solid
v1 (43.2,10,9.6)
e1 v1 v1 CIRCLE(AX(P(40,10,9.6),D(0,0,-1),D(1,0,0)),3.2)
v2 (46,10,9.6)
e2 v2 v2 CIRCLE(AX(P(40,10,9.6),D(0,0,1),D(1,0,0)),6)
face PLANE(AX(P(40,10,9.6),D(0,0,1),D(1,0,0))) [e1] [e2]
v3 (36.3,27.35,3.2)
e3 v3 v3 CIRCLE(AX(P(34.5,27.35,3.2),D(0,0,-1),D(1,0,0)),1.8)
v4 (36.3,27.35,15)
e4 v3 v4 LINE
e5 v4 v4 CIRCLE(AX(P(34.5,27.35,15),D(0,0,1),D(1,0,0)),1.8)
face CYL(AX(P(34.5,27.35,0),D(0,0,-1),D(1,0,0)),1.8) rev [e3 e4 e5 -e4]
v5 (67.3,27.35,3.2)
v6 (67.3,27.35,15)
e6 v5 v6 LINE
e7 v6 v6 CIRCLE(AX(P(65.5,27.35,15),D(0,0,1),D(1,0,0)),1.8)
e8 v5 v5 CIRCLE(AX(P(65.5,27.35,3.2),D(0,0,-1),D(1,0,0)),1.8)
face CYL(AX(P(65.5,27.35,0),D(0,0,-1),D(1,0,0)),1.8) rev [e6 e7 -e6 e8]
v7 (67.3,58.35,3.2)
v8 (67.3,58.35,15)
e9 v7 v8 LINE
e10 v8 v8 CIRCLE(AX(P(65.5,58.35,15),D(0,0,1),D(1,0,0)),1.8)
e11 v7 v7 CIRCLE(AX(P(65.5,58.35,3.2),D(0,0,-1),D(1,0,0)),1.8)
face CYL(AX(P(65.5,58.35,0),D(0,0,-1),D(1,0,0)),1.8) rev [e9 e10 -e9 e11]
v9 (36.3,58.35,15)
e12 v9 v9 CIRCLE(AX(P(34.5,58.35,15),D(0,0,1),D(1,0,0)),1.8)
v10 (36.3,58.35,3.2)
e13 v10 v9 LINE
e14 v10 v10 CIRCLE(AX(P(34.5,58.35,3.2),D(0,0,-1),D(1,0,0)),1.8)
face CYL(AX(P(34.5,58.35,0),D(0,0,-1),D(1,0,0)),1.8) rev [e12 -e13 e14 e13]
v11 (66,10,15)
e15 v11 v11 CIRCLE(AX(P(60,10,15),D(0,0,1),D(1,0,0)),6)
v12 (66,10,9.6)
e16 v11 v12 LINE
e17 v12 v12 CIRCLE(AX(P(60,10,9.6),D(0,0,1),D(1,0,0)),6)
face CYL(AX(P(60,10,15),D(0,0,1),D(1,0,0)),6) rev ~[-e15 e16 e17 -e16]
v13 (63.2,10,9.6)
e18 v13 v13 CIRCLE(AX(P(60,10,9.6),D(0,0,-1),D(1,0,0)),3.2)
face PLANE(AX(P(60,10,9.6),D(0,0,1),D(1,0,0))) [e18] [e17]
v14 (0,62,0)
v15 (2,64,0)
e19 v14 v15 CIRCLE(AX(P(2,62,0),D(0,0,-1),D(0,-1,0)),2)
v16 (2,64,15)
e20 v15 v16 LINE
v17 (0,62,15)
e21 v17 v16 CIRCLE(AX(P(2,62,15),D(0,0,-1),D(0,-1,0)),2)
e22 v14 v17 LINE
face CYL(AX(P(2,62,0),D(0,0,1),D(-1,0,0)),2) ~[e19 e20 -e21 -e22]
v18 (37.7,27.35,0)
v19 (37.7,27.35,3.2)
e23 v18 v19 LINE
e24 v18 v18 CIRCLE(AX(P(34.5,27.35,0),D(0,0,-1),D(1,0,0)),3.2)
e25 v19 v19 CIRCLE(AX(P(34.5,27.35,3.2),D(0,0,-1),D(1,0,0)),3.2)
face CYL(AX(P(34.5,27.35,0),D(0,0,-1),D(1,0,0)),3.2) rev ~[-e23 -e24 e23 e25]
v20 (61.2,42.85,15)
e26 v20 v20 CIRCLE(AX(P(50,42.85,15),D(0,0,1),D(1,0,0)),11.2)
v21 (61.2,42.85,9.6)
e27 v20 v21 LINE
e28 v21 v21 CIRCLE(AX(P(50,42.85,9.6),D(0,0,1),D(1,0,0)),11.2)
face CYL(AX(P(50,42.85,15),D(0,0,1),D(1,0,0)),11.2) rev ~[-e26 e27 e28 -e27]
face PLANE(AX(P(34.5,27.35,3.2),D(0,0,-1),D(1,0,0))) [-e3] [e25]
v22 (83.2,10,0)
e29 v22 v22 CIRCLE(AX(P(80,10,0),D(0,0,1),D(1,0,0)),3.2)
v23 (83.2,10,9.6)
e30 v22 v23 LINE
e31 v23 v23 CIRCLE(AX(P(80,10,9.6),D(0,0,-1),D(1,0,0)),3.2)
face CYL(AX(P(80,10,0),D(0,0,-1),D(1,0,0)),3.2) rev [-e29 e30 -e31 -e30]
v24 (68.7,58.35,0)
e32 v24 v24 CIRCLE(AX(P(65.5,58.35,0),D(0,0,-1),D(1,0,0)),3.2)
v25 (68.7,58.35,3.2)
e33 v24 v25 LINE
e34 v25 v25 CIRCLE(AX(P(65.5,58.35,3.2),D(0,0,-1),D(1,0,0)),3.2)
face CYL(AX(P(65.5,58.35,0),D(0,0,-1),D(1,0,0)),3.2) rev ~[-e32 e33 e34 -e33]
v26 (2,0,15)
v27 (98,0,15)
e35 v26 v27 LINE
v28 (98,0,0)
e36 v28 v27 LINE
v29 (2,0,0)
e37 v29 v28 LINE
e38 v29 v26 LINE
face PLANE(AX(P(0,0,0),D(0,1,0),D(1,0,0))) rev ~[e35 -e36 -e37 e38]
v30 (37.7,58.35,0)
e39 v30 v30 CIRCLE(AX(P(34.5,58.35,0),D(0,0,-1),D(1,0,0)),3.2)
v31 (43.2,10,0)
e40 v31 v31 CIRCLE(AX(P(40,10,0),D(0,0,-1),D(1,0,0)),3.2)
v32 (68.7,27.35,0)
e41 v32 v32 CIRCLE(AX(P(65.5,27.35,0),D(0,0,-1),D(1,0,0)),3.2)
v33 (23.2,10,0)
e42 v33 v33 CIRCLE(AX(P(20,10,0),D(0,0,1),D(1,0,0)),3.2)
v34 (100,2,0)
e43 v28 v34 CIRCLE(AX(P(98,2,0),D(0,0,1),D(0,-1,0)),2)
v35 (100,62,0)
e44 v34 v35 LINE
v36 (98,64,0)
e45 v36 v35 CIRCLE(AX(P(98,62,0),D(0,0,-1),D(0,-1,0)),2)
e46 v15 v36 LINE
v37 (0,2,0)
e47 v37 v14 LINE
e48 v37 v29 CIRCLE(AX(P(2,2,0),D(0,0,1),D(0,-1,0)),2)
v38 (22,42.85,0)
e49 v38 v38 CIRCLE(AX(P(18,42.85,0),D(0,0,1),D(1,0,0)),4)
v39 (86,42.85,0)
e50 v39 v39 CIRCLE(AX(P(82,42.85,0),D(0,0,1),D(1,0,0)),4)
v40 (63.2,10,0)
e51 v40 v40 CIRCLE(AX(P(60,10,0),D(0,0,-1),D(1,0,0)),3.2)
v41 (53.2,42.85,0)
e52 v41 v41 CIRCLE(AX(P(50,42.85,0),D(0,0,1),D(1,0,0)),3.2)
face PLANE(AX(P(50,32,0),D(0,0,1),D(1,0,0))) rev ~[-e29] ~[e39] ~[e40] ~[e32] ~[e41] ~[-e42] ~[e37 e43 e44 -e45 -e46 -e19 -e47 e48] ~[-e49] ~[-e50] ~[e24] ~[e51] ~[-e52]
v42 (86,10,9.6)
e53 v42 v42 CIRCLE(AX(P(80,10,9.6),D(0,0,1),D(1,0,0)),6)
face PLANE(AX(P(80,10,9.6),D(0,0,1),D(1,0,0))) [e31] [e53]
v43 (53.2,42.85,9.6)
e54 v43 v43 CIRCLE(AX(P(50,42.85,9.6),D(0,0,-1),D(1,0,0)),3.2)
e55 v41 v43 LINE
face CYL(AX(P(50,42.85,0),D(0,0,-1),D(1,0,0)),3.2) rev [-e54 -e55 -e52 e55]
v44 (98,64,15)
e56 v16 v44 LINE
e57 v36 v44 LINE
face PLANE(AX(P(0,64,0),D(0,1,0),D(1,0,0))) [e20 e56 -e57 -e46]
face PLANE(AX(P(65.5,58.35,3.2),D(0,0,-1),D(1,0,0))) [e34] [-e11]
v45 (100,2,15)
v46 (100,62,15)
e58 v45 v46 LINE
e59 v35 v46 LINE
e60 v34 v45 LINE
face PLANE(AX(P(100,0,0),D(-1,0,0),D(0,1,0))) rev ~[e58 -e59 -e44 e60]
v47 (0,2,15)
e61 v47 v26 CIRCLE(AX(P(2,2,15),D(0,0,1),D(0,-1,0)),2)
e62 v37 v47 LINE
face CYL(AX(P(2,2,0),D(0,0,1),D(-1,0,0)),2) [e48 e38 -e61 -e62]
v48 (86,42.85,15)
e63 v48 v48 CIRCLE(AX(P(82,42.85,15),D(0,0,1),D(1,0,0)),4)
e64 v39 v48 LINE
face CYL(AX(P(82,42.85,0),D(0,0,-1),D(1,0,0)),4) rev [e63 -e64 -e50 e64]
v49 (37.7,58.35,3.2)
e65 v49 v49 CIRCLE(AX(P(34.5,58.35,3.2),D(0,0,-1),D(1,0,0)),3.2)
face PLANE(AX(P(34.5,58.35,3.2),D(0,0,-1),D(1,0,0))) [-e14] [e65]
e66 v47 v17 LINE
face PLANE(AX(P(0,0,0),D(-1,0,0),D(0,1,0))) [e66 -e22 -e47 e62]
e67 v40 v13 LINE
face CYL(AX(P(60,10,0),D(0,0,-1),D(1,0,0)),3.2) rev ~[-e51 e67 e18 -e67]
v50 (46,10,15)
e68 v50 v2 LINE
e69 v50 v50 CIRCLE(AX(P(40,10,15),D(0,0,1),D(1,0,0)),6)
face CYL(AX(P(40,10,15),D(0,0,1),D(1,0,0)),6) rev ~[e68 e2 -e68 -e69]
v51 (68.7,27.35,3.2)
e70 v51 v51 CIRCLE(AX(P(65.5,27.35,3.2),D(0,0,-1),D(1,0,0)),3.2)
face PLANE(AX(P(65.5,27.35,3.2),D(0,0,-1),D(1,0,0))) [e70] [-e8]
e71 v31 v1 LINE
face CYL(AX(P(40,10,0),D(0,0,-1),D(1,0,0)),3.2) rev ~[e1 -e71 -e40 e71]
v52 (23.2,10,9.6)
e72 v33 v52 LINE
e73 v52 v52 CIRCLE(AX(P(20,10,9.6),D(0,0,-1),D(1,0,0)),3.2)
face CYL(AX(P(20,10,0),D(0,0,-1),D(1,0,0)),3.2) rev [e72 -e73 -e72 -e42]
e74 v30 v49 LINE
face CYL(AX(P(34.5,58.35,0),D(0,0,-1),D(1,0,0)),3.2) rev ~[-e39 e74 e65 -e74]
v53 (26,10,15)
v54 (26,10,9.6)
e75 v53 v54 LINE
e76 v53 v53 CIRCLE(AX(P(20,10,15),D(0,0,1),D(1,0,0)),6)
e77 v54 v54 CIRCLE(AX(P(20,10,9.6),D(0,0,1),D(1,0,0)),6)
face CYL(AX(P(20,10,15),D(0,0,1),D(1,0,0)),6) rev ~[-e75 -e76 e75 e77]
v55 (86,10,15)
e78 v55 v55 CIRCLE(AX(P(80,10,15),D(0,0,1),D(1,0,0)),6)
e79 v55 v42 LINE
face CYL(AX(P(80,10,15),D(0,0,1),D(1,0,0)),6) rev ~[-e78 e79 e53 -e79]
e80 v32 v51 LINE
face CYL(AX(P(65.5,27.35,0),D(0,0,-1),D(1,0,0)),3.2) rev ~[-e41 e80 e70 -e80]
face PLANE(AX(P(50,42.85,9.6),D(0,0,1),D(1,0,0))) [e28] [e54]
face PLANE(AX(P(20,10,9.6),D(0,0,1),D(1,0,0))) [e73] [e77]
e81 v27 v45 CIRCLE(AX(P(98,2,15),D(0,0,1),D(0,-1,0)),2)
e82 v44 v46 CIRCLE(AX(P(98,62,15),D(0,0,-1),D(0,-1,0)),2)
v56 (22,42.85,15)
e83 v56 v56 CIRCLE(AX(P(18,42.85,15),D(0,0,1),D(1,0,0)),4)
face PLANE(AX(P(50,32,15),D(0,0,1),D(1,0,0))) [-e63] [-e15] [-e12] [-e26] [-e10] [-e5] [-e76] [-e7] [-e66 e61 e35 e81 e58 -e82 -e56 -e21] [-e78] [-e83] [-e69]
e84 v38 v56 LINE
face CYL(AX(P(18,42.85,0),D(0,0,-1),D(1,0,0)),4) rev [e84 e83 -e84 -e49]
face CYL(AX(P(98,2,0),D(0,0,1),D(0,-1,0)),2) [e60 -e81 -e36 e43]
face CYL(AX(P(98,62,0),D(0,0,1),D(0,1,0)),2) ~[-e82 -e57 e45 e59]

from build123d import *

# Parameters (mm, degrees)
SKETCH_W        = 100
SKETCH_H        = 64
SKETCH_R        = 3.2
SKETCH_R_2      = 1.8
SKETCH_R_3      = 4
PAD_DEPTH       = 15
SKETCH001_R     = 11.2
SKETCH001_R_2   = 6
POCKET_DEPTH    = 5.4
SKETCH002_R     = 3.2
POCKET001_DEPTH = 3.2
SKETCH003_R     = 6
POCKET002_DEPTH = 5.4
SKETCH004_R     = 3.2
POCKET003_DEPTH = 15
FILLET_R        = 2


with BuildPart() as part:
    # Sketch → Pad (new body)
    with BuildSketch(Plane.XY):
        with Locations((50, 32)):
            Rectangle(SKETCH_W, SKETCH_H)
        with Locations((50, 42.85)):
            Circle(SKETCH_R, mode=Mode.SUBTRACT)
        with Locations((65.5, 58.35)):
            Circle(SKETCH_R_2, mode=Mode.SUBTRACT)
        with Locations((65.5, 27.35)):
            Circle(SKETCH_R_2, mode=Mode.SUBTRACT)
        with Locations((34.5, 27.35)):
            Circle(SKETCH_R_2, mode=Mode.SUBTRACT)
        with Locations((34.5, 58.35)):
            Circle(SKETCH_R_2, mode=Mode.SUBTRACT)
        with Locations((20, 10)):
            Circle(SKETCH_R, mode=Mode.SUBTRACT)
        with Locations((80, 10)):
            Circle(SKETCH_R, mode=Mode.SUBTRACT)
        with Locations((82, 42.85)):
            Circle(SKETCH_R_3, mode=Mode.SUBTRACT)
        with Locations((18, 42.85)):
            Circle(SKETCH_R_3, mode=Mode.SUBTRACT)
    extrude(amount=PAD_DEPTH)

    # Sketch001 (on Face15 of Pad) → Pocket (cut)
    with BuildSketch(Plane.XY.offset(15)):
        with Locations((50, 42.85)):
            Circle(SKETCH001_R)
        with Locations((20, 10)):
            Circle(SKETCH001_R_2)
        with Locations((80, 10)):
            Circle(SKETCH001_R_2)
    extrude(amount=-POCKET_DEPTH, mode=Mode.SUBTRACT)

    # Sketch002 (on Face4 of Pocket) → Pocket001 (cut)
    with BuildSketch(Plane(origin=(0, 0, 0), x_dir=(1, 0, 0), z_dir=(0, 0, -1))):
        with Locations((34.5, -27.35)):
            Circle(SKETCH002_R)
        with Locations((65.5, -27.35)):
            Circle(SKETCH002_R)
        with Locations((34.5, -58.35)):
            Circle(SKETCH002_R)
        with Locations((65.5, -58.35)):
            Circle(SKETCH002_R)
    extrude(amount=-POCKET001_DEPTH, mode=Mode.SUBTRACT)

    # Sketch003 (on Face5 of Pocket001) → Pocket002 (cut)
    with BuildSketch(Plane.XY.offset(15)):
        with Locations((40, 10)):
            Circle(SKETCH003_R)
        with Locations((60, 10)):
            Circle(SKETCH003_R)
    extrude(amount=-POCKET002_DEPTH, mode=Mode.SUBTRACT)

    # Sketch004 (on Face4 of Pocket002) → Pocket003 (cut)
    with BuildSketch(Plane(origin=(0, 0, 0), x_dir=(1, 0, 0), z_dir=(0, 0, -1))):
        with Locations((40, -10)):
            Circle(SKETCH004_R)
        with Locations((60, -10)):
            Circle(SKETCH004_R)
    extrude(amount=-POCKET003_DEPTH, mode=Mode.SUBTRACT)

    # Fillet
    fillet_edges = [part.edges().sort_by_distance(p)[0] for p in [
        (0, 64, 7.5),
        (100, 64, 7.5),
        (100, 0, 7.5),
        (0, 0, 7.5),
    ]]
    fillet(fillet_edges, radius=FILLET_R)


solid = part.part
